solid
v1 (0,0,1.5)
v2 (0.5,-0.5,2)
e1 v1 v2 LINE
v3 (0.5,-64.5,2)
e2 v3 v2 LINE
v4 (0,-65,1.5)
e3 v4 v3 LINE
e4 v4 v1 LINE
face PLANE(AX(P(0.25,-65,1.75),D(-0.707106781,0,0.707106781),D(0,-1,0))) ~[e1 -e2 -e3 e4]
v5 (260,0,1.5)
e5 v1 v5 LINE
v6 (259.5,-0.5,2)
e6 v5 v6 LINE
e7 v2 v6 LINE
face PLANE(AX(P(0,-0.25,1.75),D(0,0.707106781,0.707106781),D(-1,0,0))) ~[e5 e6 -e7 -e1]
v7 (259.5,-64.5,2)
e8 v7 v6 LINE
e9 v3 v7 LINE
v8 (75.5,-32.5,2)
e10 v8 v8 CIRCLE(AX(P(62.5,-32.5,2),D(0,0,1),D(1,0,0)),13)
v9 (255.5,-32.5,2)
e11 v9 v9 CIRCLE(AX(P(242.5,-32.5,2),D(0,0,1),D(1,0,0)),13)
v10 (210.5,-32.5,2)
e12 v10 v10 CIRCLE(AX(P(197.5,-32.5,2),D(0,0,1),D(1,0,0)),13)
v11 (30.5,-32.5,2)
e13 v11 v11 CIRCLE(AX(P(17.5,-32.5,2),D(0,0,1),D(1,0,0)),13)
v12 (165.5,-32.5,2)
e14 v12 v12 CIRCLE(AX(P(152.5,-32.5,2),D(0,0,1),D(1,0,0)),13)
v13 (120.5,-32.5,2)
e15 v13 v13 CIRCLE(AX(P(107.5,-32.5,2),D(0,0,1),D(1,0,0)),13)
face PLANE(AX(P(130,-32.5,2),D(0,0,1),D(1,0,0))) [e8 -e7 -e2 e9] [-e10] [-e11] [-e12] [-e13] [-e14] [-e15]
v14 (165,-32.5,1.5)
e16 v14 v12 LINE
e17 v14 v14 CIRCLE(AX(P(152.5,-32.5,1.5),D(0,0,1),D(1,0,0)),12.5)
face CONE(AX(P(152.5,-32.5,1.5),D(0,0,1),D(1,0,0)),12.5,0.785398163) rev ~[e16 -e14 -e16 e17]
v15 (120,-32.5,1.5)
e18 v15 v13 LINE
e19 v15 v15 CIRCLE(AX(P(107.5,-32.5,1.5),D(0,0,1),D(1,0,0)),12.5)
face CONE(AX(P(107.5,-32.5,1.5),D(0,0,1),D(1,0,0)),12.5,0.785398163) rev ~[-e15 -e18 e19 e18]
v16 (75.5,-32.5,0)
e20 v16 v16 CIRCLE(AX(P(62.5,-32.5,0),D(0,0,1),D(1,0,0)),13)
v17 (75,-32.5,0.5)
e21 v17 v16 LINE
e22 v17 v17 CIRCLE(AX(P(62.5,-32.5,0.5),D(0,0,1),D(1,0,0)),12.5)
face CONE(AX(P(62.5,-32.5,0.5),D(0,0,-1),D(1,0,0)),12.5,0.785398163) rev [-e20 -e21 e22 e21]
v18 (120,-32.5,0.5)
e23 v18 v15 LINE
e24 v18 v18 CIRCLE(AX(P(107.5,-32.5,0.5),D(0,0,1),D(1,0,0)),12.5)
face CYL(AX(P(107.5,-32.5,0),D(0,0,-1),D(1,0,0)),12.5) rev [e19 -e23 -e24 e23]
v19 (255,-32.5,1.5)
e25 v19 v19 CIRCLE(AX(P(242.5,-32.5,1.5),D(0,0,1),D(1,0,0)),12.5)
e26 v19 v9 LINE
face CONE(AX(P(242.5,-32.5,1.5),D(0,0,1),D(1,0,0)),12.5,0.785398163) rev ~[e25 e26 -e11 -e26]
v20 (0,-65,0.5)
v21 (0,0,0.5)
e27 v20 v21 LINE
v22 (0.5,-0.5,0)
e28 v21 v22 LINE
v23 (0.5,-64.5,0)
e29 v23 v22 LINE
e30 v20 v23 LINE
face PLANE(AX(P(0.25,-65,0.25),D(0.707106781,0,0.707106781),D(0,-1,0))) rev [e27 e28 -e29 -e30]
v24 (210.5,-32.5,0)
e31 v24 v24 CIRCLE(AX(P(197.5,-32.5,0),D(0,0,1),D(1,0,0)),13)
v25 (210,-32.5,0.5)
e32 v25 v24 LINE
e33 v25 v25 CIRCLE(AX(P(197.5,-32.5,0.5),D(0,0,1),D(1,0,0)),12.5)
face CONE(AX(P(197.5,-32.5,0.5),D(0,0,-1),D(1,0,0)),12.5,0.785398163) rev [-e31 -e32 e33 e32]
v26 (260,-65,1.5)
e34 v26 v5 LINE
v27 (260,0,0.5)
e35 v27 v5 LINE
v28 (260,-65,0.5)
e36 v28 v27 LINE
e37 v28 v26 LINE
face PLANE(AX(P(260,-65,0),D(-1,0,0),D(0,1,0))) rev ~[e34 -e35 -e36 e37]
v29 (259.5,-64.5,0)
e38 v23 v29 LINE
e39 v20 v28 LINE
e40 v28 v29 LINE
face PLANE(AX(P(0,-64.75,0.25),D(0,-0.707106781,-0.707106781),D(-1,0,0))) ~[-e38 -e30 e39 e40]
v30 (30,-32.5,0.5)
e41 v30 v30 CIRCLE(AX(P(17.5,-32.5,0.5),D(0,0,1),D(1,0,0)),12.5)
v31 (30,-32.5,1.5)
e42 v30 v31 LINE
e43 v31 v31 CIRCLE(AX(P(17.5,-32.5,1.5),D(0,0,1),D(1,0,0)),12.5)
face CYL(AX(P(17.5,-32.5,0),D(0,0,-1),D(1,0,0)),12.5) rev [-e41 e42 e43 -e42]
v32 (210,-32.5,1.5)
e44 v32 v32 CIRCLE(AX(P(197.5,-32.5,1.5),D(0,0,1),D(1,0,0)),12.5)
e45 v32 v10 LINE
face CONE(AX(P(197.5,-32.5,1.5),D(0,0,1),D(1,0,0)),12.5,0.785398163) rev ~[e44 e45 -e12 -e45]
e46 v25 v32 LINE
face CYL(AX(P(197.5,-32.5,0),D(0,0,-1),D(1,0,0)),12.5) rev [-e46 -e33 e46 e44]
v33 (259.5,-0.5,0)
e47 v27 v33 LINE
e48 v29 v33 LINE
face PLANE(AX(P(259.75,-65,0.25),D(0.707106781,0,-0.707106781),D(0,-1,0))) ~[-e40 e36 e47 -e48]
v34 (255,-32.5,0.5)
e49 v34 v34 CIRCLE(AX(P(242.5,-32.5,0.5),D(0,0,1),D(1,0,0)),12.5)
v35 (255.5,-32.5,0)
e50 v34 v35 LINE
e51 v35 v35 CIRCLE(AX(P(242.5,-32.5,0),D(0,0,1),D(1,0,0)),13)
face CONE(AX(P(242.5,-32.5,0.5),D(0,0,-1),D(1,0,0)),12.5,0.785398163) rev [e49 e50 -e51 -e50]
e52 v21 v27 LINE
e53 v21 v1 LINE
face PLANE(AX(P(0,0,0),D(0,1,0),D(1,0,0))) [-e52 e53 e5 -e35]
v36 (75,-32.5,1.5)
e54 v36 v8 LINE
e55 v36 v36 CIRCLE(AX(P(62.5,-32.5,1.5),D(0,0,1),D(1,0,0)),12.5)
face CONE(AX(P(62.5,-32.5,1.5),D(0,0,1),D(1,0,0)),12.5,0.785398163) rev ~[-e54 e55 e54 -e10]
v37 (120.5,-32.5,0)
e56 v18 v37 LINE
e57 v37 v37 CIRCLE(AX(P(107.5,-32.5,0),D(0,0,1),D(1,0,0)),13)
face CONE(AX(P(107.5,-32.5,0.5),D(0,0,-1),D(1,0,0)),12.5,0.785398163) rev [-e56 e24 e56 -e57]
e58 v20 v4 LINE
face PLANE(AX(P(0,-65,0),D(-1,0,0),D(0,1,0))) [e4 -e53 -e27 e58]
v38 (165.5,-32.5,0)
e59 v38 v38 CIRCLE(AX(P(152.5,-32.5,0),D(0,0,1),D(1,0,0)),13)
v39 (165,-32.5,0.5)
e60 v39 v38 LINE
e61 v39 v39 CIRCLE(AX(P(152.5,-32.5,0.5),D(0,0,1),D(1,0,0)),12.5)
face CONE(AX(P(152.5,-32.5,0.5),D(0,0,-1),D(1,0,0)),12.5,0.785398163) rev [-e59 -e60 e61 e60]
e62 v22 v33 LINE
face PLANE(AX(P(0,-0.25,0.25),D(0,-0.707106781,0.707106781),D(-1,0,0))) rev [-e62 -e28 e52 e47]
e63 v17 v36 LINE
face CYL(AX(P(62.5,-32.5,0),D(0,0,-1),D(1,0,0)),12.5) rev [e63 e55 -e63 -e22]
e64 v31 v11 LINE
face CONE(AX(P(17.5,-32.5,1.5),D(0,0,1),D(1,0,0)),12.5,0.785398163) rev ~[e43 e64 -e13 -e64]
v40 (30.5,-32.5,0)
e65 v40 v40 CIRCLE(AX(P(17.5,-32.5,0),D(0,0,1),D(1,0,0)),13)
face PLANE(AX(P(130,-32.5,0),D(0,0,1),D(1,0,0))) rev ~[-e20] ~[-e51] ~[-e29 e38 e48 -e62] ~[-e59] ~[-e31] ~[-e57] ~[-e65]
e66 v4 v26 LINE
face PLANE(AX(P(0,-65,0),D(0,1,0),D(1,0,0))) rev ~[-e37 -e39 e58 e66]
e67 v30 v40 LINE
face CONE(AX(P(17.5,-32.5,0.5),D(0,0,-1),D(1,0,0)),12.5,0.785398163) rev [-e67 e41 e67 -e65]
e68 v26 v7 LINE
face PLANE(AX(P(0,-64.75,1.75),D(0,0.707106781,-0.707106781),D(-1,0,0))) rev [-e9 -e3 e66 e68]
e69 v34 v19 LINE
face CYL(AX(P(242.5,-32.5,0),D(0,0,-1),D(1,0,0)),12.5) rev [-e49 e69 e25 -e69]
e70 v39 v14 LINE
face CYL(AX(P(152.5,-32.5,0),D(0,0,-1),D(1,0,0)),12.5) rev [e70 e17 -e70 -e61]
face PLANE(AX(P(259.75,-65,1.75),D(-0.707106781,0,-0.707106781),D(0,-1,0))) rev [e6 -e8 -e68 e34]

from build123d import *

# Parameters (mm, degrees)
F0_W     = 260
F0_H     = 65
F0_R     = 12.5
F1_DEPTH = 2
F2_SIZE  = 0.5


with BuildPart() as f1:
    # F0 (on Top) → F1 (new body)
    with BuildSketch(Plane.XY):
        with Locations((130, -32.5)):
            Rectangle(F0_W, F0_H)
        with Locations((17.5, -32.5)):
            Circle(F0_R, mode=Mode.SUBTRACT)
        with Locations((62.5, -32.5)):
            Circle(F0_R, mode=Mode.SUBTRACT)
        with Locations((107.5, -32.5)):
            Circle(F0_R, mode=Mode.SUBTRACT)
        with Locations((152.5, -32.5)):
            Circle(F0_R, mode=Mode.SUBTRACT)
        with Locations((197.5, -32.5)):
            Circle(F0_R, mode=Mode.SUBTRACT)
        with Locations((242.5, -32.5)):
            Circle(F0_R, mode=Mode.SUBTRACT)
    extrude(amount=F1_DEPTH)

    # F2
    f2_edges = [f1.edges().sort_by_distance(p)[0] for p in [
        (130, 0, 2),
        (0, -32.5, 2),
        (130, -65, 2),
        (260, -32.5, 2),
        (5, -32.5, 2),
        (50, -32.5, 2),
        (95, -32.5, 2),
        (140, -32.5, 2),
        (185, -32.5, 2),
        (230, -32.5, 2),
        (130, 0, 0),
        (0, -32.5, 0),
        (130, -65, 0),
        (260, -32.5, 0),
        (5, -32.5, 0),
        (50, -32.5, 0),
        (95, -32.5, 0),
        (140, -32.5, 0),
        (185, -32.5, 0),
        (230, -32.5, 0),
    ]]
    chamfer(f2_edges, length=F2_SIZE)


solid = f1.part
